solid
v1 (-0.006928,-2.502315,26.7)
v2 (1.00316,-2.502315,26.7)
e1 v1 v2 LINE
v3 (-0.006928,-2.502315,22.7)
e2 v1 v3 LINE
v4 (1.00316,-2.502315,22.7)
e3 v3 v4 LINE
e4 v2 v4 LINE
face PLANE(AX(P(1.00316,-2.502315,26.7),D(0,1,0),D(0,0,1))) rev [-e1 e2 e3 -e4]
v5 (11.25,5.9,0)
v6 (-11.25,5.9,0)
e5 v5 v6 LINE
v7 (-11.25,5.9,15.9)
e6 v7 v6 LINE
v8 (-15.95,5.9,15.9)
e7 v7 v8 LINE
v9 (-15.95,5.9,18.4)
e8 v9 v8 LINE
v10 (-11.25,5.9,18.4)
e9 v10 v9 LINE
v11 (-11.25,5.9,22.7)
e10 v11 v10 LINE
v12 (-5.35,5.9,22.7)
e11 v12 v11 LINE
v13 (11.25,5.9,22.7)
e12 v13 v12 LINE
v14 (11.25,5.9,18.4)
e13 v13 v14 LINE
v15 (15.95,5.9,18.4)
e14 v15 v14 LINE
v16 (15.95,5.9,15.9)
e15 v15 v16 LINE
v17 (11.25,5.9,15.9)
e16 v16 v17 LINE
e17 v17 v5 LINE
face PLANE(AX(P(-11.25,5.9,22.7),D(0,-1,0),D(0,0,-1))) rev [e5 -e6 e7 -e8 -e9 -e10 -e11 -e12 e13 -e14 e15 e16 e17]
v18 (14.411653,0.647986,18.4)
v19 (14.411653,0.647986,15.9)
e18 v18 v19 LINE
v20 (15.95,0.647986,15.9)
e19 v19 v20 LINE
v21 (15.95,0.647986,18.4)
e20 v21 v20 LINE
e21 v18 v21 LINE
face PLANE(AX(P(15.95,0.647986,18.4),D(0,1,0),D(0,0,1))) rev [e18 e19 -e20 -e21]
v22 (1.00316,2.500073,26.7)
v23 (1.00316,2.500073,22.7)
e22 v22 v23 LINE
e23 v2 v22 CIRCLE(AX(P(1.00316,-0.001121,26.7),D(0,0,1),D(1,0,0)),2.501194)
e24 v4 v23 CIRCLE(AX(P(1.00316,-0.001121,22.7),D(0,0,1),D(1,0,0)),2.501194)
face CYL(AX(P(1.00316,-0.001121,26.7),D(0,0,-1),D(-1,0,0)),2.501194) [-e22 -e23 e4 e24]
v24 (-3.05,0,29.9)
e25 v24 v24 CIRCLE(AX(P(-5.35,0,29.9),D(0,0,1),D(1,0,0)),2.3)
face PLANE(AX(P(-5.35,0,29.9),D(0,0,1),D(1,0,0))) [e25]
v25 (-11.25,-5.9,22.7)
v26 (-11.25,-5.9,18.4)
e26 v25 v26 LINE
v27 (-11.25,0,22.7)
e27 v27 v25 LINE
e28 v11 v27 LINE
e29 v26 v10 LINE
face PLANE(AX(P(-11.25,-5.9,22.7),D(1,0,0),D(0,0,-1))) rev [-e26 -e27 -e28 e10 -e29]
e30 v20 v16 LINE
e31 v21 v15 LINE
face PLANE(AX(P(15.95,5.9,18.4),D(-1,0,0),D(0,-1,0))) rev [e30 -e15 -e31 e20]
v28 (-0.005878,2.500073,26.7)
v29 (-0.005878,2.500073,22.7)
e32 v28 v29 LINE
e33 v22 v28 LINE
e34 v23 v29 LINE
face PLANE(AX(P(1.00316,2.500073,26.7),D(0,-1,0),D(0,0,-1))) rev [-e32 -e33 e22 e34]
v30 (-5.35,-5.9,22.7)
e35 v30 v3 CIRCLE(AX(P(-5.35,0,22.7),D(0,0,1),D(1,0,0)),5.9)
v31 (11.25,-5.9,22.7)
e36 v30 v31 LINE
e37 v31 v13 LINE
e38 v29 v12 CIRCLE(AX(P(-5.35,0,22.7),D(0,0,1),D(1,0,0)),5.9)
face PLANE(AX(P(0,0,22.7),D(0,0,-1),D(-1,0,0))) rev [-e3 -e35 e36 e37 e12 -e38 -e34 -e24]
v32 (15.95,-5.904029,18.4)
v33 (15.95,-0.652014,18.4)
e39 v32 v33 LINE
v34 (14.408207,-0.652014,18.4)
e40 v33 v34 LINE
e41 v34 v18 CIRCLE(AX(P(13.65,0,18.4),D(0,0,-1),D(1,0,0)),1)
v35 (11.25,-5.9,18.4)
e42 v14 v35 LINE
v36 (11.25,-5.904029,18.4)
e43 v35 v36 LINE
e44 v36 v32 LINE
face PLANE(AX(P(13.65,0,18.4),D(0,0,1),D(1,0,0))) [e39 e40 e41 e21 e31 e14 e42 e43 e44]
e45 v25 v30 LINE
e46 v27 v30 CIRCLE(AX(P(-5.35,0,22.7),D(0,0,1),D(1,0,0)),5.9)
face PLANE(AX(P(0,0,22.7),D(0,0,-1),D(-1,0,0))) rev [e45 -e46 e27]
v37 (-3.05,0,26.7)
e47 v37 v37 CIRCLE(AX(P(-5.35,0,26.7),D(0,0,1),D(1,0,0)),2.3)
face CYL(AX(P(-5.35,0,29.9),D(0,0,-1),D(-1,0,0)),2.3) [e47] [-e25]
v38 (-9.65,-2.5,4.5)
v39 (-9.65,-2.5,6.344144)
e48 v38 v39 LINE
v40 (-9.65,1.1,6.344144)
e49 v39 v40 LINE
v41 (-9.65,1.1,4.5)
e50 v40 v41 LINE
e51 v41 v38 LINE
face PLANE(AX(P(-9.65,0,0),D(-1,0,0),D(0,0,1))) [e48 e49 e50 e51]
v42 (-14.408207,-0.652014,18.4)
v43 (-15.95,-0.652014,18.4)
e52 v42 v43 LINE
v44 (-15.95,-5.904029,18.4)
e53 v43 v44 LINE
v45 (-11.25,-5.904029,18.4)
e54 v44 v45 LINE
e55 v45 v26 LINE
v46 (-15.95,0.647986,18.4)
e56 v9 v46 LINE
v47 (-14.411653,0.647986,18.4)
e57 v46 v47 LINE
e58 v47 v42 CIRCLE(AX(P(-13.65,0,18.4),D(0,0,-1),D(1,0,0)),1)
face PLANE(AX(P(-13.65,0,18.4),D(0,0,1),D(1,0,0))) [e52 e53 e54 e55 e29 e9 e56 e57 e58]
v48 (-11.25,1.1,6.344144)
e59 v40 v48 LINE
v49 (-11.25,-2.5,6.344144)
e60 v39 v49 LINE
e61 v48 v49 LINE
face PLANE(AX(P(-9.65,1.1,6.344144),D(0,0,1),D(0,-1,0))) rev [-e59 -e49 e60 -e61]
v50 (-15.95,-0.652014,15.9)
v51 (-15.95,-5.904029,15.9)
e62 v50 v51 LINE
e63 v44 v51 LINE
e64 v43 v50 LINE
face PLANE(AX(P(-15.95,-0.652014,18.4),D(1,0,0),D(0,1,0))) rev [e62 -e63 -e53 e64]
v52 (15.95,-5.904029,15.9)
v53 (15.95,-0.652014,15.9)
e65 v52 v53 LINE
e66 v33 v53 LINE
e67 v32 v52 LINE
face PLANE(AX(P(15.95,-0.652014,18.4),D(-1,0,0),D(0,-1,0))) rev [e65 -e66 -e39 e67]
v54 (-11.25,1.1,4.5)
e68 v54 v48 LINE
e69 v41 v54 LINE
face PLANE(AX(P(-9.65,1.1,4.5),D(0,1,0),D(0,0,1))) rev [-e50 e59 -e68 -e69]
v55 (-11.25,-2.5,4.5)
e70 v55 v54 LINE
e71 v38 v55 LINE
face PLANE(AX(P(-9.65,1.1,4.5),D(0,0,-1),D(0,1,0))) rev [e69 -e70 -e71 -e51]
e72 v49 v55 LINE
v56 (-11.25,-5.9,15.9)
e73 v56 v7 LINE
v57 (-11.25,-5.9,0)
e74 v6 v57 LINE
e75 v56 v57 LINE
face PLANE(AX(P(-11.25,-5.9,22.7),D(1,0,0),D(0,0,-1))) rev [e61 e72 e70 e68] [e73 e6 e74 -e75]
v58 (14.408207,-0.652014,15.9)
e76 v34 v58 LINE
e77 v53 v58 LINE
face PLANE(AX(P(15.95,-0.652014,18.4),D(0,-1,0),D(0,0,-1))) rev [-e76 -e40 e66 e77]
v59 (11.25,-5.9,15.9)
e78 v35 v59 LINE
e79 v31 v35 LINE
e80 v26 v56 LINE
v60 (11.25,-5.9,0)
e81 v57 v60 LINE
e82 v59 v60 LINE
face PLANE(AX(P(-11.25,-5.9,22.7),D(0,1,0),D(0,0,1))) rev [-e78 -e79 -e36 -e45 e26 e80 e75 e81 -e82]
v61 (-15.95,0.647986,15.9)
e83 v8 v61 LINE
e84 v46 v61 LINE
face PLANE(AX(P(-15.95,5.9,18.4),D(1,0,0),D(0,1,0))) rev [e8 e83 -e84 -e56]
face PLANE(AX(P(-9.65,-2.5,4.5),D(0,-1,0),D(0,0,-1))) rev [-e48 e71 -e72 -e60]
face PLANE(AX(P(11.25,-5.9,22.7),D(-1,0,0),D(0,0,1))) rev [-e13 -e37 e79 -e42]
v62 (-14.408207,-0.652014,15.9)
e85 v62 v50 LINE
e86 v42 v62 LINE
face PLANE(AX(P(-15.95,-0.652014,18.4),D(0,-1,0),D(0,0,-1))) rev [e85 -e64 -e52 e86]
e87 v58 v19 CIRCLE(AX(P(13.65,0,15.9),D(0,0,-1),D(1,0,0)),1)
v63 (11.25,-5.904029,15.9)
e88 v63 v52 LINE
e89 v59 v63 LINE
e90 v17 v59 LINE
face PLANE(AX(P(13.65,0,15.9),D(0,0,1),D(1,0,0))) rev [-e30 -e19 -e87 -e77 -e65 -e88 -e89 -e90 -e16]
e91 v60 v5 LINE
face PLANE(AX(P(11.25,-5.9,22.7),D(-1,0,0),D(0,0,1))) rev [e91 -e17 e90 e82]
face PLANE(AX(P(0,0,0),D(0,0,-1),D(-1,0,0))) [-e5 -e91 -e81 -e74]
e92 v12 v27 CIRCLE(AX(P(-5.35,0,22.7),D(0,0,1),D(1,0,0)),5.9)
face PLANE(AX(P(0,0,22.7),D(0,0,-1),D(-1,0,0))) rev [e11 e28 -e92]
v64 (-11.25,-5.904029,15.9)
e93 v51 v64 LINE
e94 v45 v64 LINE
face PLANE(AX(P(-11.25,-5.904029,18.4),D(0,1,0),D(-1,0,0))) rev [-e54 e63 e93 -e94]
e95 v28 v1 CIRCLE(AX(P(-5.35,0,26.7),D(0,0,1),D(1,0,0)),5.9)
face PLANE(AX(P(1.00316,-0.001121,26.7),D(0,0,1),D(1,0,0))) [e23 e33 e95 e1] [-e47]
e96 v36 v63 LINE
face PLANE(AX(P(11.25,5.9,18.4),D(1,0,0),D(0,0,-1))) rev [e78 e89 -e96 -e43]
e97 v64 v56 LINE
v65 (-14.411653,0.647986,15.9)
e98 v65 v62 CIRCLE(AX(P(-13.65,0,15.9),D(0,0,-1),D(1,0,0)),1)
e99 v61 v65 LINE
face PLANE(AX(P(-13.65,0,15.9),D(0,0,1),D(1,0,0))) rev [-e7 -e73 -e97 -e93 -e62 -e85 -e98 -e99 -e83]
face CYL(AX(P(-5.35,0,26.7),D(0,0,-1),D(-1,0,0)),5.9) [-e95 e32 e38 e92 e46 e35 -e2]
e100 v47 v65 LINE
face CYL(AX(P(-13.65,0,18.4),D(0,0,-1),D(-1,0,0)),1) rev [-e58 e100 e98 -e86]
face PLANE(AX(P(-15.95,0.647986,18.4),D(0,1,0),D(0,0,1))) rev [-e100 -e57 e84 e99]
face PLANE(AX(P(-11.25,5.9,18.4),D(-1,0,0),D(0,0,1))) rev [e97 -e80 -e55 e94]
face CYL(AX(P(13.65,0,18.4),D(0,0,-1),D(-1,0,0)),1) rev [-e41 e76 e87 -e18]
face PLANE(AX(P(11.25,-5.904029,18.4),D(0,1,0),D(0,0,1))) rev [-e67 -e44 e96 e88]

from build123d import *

# Parameters (mm, degrees)
CROQUIS1_W              = 22.5
CROQUIS1_H              = 11.8
SALIENTE_EXTRUIR1_DEPTH = 22.7
SALIENTE_EXTRUIR2_DEPTH = 2.5
SALIENTE_EXTRUIR3_DEPTH = 4
CROQUIS4_R              = 2.3
SALIENTE_EXTRUIR4_DEPTH = 3.2
CROQUIS5_W              = 1.844144091
CROQUIS5_H              = 3.6
CORTAR_EXTRUIR1_DEPTH   = 1.6


with BuildPart() as part:
    # Croquis1 → Saliente-Extruir1 (new body)
    with BuildSketch(Plane.XY):
        Rectangle(CROQUIS1_W, CROQUIS1_H)
    extrude(amount=SALIENTE_EXTRUIR1_DEPTH)

    # Croquis2 → Saliente-Extruir2 (add)
    with BuildSketch(Plane.XY.offset(15.9)):
        with BuildLine():
            Line((11.25, 5.9), (15.95, 5.9))
            Line((15.95, 5.9), (15.95, 0.647985587))
            Line((15.95, 0.647985587), (14.411652597, 0.647985587))
            ThreePointArc((14.411652597, 0.647985587), (12.650003513, 0.00265078), (14.408206572, -0.652014413))
            Line((14.408206572, -0.652014413), (15.95, -0.652014413))
            Line((15.95, -0.652014413), (15.95, -5.904028826))
            Line((15.95, -5.904028826), (11.25, -5.904028826))
            Line((11.25, -5.904028826), (11.25, 5.9))
        make_face()
        with BuildLine():
            Line((-11.25, 5.9), (-15.95, 5.9))
            Line((-15.95, 5.9), (-15.95, 0.647985587))
            Line((-15.95, 0.647985587), (-14.411652597, 0.647985587))
            ThreePointArc((-14.411652597, 0.647985587), (-12.650003513, 0.00265078), (-14.408206572, -0.652014413))
            Line((-14.408206572, -0.652014413), (-15.95, -0.652014413))
            Line((-15.95, -0.652014413), (-15.95, -5.904028826))
            Line((-15.95, -5.904028826), (-11.25, -5.904028826))
            Line((-11.25, -5.904028826), (-11.25, 5.9))
        make_face()
    extrude(amount=SALIENTE_EXTRUIR2_DEPTH)

    # Croquis3 → Saliente-Extruir3 (add)
    with BuildSketch(Plane.XY.offset(22.7)):
        with BuildLine():
            Line((1.003159638, -2.50231492), (-0.006927846, -2.50231492))
            ThreePointArc((-0.006927846, -2.50231492), (-11.24999987, 0.001237918), (-0.005878262, 2.500072568))
            Line((-0.005878262, 2.500072568), (1.003159638, 2.500072568))
            ThreePointArc((1.003159638, 2.500072568), (3.504353382, -0.001121176), (1.003159638, -2.50231492))
        make_face()
    extrude(amount=SALIENTE_EXTRUIR3_DEPTH)

    # Croquis4 → Saliente-Extruir4 (add)
    with BuildSketch(Plane.XY.offset(26.7)):
        with Locations((-5.35, 0)):
            Circle(CROQUIS4_R)
    extrude(amount=SALIENTE_EXTRUIR4_DEPTH)

    # Croquis5 → Cortar-Extruir1 (cut, symmetric)
    with BuildSketch(Plane.ZY.offset(11.25)):
        with Locations((5.422072046, -0.7)):
            Rectangle(CROQUIS5_W, CROQUIS5_H)
    extrude(amount=CORTAR_EXTRUIR1_DEPTH, both=True, mode=Mode.SUBTRACT)


solid = part.part
